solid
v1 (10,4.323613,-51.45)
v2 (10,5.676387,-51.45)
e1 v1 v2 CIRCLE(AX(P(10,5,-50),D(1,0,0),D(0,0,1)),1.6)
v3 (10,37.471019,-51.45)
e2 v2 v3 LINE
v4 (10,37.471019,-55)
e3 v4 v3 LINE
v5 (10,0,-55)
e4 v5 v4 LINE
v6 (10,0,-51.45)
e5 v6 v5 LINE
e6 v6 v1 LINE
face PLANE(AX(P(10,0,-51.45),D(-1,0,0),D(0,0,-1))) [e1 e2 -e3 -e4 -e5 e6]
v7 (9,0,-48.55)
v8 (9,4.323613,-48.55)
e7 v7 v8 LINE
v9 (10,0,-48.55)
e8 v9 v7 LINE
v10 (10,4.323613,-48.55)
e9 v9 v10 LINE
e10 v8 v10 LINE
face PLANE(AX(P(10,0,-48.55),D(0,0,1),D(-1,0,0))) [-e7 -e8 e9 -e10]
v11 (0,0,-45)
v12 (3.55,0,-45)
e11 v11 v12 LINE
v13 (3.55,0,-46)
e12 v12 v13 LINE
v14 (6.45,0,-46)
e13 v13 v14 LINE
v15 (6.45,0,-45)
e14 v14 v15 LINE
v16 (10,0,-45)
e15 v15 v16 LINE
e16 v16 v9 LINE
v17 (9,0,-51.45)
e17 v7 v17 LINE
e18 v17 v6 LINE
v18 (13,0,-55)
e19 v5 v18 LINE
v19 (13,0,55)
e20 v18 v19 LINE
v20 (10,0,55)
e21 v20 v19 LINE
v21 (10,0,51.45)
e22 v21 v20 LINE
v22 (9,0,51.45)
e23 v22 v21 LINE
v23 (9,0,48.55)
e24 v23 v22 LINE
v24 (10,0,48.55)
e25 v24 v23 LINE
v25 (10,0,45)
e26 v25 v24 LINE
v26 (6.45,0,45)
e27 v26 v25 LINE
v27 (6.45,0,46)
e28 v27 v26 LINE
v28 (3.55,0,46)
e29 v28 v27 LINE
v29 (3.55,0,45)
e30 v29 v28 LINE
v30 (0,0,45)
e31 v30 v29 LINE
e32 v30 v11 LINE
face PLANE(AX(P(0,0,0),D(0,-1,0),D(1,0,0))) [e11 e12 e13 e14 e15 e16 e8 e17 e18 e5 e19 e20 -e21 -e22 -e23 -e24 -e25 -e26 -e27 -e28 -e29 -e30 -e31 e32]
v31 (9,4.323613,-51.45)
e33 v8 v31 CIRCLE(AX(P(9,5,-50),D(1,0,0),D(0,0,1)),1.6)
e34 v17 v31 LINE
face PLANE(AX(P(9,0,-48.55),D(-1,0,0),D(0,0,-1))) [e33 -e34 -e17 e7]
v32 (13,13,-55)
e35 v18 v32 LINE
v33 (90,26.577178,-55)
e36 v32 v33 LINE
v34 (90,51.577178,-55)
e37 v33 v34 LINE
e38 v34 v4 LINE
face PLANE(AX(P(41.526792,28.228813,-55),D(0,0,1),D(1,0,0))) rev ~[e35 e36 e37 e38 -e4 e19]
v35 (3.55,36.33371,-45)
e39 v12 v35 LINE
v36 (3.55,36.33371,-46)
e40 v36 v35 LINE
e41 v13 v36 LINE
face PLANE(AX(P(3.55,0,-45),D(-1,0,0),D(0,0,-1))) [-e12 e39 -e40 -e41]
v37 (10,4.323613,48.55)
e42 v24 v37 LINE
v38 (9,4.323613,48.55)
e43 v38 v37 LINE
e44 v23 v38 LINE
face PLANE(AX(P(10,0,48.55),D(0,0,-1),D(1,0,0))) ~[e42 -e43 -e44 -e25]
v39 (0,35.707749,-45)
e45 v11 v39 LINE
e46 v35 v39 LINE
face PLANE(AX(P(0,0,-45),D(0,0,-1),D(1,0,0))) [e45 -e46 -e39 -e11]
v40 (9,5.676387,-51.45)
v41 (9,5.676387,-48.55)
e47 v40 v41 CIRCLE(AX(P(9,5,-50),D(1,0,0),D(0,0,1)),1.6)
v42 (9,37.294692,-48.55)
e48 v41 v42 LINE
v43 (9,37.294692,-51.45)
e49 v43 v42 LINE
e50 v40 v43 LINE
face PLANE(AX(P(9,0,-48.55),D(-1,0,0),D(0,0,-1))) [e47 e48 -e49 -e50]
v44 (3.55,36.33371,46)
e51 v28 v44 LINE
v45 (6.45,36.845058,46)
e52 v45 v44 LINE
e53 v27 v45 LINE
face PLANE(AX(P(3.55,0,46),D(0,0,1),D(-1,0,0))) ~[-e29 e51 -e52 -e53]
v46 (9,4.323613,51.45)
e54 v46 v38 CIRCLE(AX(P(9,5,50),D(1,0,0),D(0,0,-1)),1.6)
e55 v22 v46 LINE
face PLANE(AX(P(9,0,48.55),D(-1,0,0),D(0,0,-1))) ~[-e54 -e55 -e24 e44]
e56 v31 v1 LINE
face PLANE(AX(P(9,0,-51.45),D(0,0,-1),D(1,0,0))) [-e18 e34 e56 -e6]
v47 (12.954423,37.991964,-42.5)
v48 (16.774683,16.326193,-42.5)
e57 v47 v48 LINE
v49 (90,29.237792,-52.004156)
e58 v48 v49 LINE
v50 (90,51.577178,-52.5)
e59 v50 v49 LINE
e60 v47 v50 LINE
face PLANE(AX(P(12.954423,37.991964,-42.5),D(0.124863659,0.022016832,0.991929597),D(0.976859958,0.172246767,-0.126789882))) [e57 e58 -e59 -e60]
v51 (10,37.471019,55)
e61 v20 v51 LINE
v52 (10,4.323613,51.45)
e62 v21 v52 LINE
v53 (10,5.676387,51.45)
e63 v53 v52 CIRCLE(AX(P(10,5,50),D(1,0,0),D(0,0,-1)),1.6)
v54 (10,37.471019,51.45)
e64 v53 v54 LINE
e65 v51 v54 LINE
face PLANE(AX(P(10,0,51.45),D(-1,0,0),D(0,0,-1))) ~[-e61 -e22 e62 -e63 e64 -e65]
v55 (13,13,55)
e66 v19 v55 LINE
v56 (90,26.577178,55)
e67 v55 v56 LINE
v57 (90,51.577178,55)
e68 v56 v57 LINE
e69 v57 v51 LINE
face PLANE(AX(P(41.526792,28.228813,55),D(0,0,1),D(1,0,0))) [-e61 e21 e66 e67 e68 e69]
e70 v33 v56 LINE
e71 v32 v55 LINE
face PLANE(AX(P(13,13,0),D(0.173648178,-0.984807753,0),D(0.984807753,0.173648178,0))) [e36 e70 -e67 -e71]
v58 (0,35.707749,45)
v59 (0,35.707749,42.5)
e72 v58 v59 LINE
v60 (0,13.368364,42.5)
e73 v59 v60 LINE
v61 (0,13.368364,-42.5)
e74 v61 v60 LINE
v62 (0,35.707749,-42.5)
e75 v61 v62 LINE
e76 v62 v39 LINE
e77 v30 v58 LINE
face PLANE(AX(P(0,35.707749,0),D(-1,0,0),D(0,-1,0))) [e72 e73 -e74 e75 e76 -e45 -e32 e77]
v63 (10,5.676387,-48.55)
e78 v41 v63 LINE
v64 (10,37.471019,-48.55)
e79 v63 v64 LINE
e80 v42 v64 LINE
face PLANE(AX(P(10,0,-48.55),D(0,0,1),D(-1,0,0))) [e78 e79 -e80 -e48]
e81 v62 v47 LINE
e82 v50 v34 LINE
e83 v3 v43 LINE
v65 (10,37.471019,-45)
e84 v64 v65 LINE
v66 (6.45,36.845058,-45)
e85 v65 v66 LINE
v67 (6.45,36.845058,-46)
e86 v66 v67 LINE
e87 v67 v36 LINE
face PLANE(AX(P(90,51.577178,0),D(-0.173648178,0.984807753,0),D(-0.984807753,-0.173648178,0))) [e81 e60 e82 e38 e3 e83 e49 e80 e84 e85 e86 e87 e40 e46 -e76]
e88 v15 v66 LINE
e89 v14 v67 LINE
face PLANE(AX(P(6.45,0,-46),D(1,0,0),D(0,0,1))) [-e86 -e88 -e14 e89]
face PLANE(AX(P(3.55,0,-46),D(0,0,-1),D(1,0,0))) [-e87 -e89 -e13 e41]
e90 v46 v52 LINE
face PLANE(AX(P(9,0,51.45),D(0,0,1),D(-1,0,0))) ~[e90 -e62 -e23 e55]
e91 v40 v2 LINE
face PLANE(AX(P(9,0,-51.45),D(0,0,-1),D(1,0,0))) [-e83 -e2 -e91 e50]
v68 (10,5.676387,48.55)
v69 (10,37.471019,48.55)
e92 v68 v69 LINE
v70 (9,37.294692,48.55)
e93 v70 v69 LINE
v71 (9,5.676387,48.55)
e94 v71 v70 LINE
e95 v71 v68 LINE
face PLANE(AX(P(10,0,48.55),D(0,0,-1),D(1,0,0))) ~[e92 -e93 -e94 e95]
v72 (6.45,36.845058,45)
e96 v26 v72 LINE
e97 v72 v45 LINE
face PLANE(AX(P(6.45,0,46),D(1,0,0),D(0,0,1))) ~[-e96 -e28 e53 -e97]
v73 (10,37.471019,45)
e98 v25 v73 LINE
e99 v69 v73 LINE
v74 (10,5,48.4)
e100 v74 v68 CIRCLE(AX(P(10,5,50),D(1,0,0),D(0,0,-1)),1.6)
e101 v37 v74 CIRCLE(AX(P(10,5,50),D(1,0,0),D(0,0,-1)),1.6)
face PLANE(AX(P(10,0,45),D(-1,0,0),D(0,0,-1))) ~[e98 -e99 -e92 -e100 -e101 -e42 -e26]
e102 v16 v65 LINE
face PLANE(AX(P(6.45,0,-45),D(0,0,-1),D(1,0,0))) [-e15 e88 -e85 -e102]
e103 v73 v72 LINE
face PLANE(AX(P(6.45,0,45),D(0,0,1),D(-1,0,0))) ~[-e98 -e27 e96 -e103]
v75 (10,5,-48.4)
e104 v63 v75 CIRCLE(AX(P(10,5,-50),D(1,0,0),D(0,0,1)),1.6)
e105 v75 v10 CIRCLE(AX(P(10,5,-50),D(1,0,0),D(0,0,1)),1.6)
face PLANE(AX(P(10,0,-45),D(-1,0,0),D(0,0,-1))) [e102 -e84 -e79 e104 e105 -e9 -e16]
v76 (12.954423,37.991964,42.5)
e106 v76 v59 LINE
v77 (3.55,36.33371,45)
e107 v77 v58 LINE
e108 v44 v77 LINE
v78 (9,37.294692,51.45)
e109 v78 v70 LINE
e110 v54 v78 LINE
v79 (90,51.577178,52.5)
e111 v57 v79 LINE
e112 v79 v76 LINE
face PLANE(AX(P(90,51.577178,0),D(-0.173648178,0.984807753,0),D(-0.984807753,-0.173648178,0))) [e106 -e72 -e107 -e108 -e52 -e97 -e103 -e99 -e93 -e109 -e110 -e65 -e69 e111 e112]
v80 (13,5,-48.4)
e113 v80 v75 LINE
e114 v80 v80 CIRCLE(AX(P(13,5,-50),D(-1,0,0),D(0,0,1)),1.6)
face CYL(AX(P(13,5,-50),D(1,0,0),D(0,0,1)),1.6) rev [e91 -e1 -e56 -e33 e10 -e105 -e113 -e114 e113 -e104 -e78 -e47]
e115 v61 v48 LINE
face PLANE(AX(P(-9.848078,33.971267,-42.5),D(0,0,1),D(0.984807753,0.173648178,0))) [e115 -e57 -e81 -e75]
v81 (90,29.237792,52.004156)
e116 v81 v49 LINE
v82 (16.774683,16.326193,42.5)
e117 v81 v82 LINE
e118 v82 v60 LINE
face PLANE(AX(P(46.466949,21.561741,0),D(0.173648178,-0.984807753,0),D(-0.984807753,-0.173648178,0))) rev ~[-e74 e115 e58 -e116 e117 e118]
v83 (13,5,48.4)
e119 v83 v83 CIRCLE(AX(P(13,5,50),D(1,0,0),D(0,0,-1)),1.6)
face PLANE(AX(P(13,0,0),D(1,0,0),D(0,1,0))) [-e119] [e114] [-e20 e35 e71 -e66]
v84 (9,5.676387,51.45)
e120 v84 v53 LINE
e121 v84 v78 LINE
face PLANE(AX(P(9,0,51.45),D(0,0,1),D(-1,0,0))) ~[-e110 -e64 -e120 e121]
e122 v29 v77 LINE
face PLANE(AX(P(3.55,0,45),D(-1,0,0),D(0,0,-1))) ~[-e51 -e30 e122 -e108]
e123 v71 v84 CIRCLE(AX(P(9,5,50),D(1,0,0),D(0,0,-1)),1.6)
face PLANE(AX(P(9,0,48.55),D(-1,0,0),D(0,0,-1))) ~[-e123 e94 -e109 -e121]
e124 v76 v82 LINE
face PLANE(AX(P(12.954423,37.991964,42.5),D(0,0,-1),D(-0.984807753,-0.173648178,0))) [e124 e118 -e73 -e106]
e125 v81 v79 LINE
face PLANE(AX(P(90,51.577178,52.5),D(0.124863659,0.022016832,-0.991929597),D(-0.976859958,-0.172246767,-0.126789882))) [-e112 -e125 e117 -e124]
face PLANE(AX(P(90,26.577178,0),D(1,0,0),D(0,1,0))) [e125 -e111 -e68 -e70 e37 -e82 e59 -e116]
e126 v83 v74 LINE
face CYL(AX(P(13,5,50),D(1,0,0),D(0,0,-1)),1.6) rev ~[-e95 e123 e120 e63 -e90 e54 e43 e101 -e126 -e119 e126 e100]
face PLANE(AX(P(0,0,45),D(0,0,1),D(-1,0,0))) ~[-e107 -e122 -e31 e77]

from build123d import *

# Parameters (mm, degrees)
MAIN_DEPTH              = 55
FIXING_DEPTH            = 52.577177515
ESQUISSE4_R             = 1.6
ENL_V_MAT_EXTRU_6_DEPTH = 14
CENTRAL_HOLE_DEPTH      = 22


with BuildPart() as part:
    # Esquisse1 → Main (new body, symmetric)
    with BuildSketch(Plane.XY):
        Polygon((0, 0), (13, 0), (13, 13), (90, 26.577177515), (90, 51.577177515), (0, 35.707749251), align=None)
    extrude(amount=MAIN_DEPTH, both=True)

    # Esquisse3 → Fixing (cut, through all)
    with BuildSketch(Plane(origin=(-3.294458096, 0, 0), x_dir=(1, 0, 0), z_dir=(0, 1, 0))):
        Polygon((3.294458096, 45), (6.844458096, 45), (6.844458096, 46), (9.744458096, 46), (9.744458096, 45), (13.294458096, 45), (13.294458096, 48.55), (12.294458096, 48.55), (12.294458096, 51.45), (13.294458096, 51.45), (13.294458096, 55), (3.294458096, 55), align=None)
    fixing = extrude(amount=FIXING_DEPTH, mode=Mode.SUBTRACT)

    # Esquisse4 → Enlèv. mat.-Extru.6 (cut, through all)
    with BuildSketch(Plane(origin=(13, 0, 0), x_dir=(0, 0, -1), z_dir=(1, 0, 0))):
        with Locations((-50, 5)):
            Circle(ESQUISSE4_R)
    enl_v_mat_extru_6 = extrude(amount=-ENL_V_MAT_EXTRU_6_DEPTH, mode=Mode.SUBTRACT)

    # Symétrie1: Fixing, Enlèv. mat.-Extru.6 across plane
    add(fixing.mirror(Plane.XY), mode=Mode.SUBTRACT)
    add(enl_v_mat_extru_6.mirror(Plane.XY), mode=Mode.SUBTRACT)

    # Esquisse2 → Central Hole (cut)
    with BuildSketch(Plane(origin=(-6.106384758, 34.631028863, 0), x_dir=(0.984807753, 0.173648178, 0), z_dir=(-0.173648178, 0.984807753, 0))):
        Polygon((97.588980656, 52.5), (97.588980656, -52.5), (19.354851705, -42.5), (-3.799414414, -42.5), (-3.799414414, 42.5), (19.354851705, 42.5), align=None)
    extrude(amount=-CENTRAL_HOLE_DEPTH, mode=Mode.SUBTRACT)


solid = part.part
